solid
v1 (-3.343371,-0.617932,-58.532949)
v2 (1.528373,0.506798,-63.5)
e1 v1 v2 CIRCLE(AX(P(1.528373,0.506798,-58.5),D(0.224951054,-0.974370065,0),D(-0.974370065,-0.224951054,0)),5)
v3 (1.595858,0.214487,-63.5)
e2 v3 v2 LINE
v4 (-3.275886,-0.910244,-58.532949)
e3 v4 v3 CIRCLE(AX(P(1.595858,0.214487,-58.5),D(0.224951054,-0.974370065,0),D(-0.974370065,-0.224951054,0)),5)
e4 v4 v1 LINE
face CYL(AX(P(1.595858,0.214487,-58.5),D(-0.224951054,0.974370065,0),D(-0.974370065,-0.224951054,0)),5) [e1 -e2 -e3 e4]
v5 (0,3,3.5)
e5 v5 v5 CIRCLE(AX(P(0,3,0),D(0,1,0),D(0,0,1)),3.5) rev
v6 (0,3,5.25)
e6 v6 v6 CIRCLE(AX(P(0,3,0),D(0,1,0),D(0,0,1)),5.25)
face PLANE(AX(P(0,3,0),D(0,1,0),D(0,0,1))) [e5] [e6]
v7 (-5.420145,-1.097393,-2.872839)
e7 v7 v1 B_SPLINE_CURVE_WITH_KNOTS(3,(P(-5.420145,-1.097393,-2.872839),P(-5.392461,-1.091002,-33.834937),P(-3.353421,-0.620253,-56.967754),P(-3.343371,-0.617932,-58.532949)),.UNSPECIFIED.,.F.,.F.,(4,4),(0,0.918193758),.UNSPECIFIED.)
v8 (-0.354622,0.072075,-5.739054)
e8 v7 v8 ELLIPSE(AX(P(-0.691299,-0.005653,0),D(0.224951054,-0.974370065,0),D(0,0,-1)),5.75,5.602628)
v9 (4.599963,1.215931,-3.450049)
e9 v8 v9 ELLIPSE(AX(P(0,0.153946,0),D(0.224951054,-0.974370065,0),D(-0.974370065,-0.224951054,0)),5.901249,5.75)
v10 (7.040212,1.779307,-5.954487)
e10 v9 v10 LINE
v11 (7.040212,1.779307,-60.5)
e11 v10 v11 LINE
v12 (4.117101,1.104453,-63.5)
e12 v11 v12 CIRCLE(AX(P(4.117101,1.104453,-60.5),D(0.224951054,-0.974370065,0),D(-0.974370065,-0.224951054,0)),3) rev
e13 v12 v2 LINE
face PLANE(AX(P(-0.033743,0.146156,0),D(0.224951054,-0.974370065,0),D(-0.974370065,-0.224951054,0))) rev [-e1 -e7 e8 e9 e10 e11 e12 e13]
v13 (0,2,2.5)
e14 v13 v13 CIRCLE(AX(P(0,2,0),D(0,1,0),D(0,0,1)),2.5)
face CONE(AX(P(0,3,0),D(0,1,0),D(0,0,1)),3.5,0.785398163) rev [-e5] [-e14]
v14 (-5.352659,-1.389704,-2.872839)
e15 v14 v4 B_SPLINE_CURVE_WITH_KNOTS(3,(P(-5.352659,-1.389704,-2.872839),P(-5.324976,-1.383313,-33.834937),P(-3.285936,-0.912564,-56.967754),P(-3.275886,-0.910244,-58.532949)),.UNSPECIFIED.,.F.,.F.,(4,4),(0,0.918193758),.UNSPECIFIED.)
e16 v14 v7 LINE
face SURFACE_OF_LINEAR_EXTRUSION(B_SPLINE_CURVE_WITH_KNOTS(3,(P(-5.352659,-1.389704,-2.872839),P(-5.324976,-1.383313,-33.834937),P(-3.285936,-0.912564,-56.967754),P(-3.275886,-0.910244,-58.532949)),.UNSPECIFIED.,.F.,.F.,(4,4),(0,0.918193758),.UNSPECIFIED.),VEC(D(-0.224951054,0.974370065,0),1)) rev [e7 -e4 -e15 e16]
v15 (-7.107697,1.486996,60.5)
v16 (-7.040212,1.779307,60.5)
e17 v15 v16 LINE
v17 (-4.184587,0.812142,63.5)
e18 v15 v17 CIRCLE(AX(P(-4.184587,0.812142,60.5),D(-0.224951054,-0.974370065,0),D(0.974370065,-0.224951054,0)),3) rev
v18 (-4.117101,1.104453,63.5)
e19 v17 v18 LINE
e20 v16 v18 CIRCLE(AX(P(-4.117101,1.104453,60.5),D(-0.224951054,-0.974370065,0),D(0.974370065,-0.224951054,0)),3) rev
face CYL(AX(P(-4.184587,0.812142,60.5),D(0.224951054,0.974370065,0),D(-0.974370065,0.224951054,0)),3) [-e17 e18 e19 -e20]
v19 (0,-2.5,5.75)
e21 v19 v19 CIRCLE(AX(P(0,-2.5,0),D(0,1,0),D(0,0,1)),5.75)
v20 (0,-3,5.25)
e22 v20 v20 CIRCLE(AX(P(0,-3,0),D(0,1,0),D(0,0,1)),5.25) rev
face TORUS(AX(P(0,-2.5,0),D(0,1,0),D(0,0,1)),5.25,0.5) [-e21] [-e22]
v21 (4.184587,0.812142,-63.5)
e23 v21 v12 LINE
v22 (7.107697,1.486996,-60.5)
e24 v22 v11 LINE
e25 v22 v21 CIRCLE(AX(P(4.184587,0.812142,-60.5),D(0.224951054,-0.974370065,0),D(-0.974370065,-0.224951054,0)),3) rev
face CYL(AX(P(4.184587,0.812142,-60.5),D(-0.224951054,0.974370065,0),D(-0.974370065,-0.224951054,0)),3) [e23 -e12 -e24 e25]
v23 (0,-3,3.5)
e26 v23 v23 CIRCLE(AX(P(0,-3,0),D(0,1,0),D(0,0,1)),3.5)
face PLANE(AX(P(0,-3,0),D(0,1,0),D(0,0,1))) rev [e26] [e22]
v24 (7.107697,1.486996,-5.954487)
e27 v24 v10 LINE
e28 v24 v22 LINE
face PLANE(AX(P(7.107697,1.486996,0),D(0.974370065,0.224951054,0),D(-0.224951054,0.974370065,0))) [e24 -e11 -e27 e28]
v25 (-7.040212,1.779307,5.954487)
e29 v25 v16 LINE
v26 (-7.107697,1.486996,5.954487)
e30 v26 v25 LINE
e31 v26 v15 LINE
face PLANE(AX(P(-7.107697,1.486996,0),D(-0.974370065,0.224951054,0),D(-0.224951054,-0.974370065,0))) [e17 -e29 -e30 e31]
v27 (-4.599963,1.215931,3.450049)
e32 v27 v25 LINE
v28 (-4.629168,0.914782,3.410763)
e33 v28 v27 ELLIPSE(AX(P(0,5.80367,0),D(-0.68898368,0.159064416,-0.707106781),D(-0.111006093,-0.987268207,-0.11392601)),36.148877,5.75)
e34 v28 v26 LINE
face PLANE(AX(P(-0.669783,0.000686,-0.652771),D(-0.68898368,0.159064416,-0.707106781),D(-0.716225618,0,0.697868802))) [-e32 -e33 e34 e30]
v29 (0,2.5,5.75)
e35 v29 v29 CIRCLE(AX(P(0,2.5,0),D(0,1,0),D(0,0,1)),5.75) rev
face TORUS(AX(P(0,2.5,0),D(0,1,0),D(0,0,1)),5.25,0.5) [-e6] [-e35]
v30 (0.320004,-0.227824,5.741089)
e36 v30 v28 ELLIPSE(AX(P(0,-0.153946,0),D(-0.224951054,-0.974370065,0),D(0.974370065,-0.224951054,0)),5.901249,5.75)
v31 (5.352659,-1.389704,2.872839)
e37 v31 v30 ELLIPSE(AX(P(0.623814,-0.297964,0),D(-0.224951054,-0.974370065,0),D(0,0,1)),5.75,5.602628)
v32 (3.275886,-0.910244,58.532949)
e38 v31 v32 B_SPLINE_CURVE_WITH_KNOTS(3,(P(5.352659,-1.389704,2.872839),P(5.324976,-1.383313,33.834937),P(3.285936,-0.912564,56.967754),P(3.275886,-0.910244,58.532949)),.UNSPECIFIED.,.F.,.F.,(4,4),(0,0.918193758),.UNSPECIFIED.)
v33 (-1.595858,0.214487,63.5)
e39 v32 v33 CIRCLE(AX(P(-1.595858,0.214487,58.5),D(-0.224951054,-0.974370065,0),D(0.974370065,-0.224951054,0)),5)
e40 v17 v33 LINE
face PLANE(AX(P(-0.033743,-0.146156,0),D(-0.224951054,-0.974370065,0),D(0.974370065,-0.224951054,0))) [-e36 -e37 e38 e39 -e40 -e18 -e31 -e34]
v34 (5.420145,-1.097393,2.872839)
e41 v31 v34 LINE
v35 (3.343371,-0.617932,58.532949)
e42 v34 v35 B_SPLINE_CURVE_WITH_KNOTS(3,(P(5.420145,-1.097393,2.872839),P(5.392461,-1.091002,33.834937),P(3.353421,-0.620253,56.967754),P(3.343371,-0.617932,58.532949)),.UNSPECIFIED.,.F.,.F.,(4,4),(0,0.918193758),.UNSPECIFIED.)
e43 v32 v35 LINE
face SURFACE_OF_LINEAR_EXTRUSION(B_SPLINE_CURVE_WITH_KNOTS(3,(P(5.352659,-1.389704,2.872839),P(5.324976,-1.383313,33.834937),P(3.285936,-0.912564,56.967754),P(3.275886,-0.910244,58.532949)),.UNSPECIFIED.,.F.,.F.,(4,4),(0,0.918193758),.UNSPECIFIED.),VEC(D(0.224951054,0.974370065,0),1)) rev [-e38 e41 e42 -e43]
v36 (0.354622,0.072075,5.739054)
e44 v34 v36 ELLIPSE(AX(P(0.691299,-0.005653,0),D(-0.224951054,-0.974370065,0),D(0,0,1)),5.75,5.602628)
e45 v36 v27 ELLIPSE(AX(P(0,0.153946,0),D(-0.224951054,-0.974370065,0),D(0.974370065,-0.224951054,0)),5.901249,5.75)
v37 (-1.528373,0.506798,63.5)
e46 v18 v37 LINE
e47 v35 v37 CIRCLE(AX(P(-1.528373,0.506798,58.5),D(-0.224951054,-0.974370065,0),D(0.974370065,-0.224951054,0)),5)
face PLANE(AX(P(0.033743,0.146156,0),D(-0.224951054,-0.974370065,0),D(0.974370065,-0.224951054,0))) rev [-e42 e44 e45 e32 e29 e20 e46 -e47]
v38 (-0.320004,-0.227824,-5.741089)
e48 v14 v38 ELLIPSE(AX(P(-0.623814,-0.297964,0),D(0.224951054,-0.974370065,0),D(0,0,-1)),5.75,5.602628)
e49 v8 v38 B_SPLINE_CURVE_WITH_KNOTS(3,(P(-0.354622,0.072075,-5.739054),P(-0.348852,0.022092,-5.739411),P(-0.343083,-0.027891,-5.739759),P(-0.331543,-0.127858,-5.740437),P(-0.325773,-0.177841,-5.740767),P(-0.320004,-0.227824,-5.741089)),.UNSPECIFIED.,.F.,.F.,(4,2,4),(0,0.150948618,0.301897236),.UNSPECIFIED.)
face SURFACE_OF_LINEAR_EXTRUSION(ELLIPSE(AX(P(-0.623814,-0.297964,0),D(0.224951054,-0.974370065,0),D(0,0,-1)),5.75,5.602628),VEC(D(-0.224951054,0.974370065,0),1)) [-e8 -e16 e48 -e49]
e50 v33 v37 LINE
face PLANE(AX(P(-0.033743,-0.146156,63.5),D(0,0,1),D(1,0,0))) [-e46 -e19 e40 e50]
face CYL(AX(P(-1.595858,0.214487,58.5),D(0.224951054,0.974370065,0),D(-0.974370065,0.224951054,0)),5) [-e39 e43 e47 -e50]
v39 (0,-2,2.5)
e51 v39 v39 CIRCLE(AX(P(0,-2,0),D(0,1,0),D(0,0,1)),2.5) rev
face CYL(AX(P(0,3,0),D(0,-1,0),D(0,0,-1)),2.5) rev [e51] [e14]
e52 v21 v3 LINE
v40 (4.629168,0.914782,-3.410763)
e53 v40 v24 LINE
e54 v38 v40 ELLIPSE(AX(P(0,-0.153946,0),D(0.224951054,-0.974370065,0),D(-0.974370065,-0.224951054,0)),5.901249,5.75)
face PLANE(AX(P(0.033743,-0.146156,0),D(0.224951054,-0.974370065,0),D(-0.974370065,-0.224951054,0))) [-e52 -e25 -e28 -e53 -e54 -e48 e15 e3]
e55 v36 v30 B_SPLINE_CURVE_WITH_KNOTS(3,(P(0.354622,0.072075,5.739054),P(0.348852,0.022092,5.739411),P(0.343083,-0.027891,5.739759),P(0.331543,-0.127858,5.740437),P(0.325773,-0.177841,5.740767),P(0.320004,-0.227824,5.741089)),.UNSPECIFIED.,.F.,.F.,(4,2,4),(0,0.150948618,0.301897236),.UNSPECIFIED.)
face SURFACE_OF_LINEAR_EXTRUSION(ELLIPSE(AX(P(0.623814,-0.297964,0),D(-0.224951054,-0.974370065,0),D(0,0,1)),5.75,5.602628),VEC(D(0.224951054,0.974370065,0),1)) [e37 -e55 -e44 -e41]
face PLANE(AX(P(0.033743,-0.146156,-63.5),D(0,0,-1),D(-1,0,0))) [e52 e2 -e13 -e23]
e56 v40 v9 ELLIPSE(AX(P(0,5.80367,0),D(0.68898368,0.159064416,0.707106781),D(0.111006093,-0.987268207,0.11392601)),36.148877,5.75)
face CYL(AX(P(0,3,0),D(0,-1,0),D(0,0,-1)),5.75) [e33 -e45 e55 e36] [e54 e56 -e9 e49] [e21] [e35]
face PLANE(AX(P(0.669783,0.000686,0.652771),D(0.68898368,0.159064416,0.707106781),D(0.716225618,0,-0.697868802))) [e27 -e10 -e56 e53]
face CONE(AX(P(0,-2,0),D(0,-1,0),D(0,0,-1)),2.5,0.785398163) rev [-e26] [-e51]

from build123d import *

# Parameters (mm, degrees)
SKETCH1_R           = 5.75
BOSS_EXTRUDE1_DEPTH = 3
BOSS_EXTRUDE2_DEPTH = 0.15
CIRPATTERN1_COUNT   = 2
SKETCH4_R           = 2.5
CUT_EXTRUDE1_DEPTH  = 7.0000001
FILLET1_R           = 0.5
CHAMFER1_SIZE       = 1


with BuildPart() as part:
    # Sketch1 → Boss-Extrude1 (new body, symmetric)
    with BuildSketch(Plane(origin=(0, 0, 0), x_dir=(1, 0, 0), z_dir=(0, 1, 0))):
        Circle(SKETCH1_R)
    extrude(amount=BOSS_EXTRUDE1_DEPTH, both=True)

    # Sketch3 → Boss-Extrude2 (add, symmetric)
    with BuildSketch(Plane(origin=(0, 0, 0), x_dir=(0.974370065, -0.224951054, 0), z_dir=(-0.224951054, -0.974370065, 0))):
        with BuildLine():
            Line((-7.260028368, 5.954486728), (-4.178380211, 2.872838571))
            add(Edge.make_bspline(
                [(0.674853163, 5.75), (-2.561446771, 5.75), (-4.178380211, 2.872838571)],
                knots=[0, 0, 0, 1.04763155, 1.04763155, 1.04763155], degree=2, weights=[1, 0.865916884, 1]))
            add(Edge.make_bspline(
                [(5.528086537, 2.872838571), (3.911153097, 5.75), (0.674853163, 5.75)],
                knots=[5.235553758, 5.235553758, 5.235553758, 6.283185307, 6.283185307, 6.283185307], degree=2, weights=[1, 0.865916884, 1]))
            add(Edge.make_bspline(
                [(5.528086537, 2.872838571), (5.499674649, 33.834937196), (3.406999963, 56.967753658), (3.396685559, 58.53294855)],
                knots=[0, 0, 0, 0, 0.918193758, 0.918193758, 0.918193758, 0.918193758], degree=3))
            ThreePointArc((3.396685559, 58.53294855), (1.920659701, 62.047163849), (-1.603205879, 63.5))
            Line((-1.603205879, 63.5), (-4.260028368, 63.5))
            ThreePointArc((-4.260028368, 63.5), (-6.381348711, 62.621320344), (-7.260028368, 60.5))
            Line((-7.260028368, 60.5), (-7.260028368, 5.954486728))
        make_face()
    boss_extrude2 = extrude(amount=BOSS_EXTRUDE2_DEPTH, both=True)

    # CirPattern1: Boss-Extrude2 ×2 about axis
    cirpattern1_axis = Axis((0, 3, 0), (0, -1, 0))
    for i in range(1, CIRPATTERN1_COUNT):
        add(boss_extrude2.rotate(cirpattern1_axis, i * 360 / CIRPATTERN1_COUNT))

    # Sketch4 → Cut-Extrude1 (cut, through all)
    with BuildSketch(Plane.XZ.offset(3)):
        Circle(SKETCH4_R)
    extrude(amount=-CUT_EXTRUDE1_DEPTH, mode=Mode.SUBTRACT)

    # Fillet1
    fillet1_edges = [part.edges().sort_by_distance(p)[0] for p in [
        (-5.75, -3, 0),
        (-5.75, 3, 0),
    ]]
    fillet(fillet1_edges, radius=FILLET1_R)

    # Chamfer1
    chamfer1_edges = [part.edges().sort_by_distance(p)[0] for p in [
        (-2.5, 3, 0),
        (-2.5, -3, 0),
    ]]
    chamfer(chamfer1_edges, length=CHAMFER1_SIZE)


solid = part.part
